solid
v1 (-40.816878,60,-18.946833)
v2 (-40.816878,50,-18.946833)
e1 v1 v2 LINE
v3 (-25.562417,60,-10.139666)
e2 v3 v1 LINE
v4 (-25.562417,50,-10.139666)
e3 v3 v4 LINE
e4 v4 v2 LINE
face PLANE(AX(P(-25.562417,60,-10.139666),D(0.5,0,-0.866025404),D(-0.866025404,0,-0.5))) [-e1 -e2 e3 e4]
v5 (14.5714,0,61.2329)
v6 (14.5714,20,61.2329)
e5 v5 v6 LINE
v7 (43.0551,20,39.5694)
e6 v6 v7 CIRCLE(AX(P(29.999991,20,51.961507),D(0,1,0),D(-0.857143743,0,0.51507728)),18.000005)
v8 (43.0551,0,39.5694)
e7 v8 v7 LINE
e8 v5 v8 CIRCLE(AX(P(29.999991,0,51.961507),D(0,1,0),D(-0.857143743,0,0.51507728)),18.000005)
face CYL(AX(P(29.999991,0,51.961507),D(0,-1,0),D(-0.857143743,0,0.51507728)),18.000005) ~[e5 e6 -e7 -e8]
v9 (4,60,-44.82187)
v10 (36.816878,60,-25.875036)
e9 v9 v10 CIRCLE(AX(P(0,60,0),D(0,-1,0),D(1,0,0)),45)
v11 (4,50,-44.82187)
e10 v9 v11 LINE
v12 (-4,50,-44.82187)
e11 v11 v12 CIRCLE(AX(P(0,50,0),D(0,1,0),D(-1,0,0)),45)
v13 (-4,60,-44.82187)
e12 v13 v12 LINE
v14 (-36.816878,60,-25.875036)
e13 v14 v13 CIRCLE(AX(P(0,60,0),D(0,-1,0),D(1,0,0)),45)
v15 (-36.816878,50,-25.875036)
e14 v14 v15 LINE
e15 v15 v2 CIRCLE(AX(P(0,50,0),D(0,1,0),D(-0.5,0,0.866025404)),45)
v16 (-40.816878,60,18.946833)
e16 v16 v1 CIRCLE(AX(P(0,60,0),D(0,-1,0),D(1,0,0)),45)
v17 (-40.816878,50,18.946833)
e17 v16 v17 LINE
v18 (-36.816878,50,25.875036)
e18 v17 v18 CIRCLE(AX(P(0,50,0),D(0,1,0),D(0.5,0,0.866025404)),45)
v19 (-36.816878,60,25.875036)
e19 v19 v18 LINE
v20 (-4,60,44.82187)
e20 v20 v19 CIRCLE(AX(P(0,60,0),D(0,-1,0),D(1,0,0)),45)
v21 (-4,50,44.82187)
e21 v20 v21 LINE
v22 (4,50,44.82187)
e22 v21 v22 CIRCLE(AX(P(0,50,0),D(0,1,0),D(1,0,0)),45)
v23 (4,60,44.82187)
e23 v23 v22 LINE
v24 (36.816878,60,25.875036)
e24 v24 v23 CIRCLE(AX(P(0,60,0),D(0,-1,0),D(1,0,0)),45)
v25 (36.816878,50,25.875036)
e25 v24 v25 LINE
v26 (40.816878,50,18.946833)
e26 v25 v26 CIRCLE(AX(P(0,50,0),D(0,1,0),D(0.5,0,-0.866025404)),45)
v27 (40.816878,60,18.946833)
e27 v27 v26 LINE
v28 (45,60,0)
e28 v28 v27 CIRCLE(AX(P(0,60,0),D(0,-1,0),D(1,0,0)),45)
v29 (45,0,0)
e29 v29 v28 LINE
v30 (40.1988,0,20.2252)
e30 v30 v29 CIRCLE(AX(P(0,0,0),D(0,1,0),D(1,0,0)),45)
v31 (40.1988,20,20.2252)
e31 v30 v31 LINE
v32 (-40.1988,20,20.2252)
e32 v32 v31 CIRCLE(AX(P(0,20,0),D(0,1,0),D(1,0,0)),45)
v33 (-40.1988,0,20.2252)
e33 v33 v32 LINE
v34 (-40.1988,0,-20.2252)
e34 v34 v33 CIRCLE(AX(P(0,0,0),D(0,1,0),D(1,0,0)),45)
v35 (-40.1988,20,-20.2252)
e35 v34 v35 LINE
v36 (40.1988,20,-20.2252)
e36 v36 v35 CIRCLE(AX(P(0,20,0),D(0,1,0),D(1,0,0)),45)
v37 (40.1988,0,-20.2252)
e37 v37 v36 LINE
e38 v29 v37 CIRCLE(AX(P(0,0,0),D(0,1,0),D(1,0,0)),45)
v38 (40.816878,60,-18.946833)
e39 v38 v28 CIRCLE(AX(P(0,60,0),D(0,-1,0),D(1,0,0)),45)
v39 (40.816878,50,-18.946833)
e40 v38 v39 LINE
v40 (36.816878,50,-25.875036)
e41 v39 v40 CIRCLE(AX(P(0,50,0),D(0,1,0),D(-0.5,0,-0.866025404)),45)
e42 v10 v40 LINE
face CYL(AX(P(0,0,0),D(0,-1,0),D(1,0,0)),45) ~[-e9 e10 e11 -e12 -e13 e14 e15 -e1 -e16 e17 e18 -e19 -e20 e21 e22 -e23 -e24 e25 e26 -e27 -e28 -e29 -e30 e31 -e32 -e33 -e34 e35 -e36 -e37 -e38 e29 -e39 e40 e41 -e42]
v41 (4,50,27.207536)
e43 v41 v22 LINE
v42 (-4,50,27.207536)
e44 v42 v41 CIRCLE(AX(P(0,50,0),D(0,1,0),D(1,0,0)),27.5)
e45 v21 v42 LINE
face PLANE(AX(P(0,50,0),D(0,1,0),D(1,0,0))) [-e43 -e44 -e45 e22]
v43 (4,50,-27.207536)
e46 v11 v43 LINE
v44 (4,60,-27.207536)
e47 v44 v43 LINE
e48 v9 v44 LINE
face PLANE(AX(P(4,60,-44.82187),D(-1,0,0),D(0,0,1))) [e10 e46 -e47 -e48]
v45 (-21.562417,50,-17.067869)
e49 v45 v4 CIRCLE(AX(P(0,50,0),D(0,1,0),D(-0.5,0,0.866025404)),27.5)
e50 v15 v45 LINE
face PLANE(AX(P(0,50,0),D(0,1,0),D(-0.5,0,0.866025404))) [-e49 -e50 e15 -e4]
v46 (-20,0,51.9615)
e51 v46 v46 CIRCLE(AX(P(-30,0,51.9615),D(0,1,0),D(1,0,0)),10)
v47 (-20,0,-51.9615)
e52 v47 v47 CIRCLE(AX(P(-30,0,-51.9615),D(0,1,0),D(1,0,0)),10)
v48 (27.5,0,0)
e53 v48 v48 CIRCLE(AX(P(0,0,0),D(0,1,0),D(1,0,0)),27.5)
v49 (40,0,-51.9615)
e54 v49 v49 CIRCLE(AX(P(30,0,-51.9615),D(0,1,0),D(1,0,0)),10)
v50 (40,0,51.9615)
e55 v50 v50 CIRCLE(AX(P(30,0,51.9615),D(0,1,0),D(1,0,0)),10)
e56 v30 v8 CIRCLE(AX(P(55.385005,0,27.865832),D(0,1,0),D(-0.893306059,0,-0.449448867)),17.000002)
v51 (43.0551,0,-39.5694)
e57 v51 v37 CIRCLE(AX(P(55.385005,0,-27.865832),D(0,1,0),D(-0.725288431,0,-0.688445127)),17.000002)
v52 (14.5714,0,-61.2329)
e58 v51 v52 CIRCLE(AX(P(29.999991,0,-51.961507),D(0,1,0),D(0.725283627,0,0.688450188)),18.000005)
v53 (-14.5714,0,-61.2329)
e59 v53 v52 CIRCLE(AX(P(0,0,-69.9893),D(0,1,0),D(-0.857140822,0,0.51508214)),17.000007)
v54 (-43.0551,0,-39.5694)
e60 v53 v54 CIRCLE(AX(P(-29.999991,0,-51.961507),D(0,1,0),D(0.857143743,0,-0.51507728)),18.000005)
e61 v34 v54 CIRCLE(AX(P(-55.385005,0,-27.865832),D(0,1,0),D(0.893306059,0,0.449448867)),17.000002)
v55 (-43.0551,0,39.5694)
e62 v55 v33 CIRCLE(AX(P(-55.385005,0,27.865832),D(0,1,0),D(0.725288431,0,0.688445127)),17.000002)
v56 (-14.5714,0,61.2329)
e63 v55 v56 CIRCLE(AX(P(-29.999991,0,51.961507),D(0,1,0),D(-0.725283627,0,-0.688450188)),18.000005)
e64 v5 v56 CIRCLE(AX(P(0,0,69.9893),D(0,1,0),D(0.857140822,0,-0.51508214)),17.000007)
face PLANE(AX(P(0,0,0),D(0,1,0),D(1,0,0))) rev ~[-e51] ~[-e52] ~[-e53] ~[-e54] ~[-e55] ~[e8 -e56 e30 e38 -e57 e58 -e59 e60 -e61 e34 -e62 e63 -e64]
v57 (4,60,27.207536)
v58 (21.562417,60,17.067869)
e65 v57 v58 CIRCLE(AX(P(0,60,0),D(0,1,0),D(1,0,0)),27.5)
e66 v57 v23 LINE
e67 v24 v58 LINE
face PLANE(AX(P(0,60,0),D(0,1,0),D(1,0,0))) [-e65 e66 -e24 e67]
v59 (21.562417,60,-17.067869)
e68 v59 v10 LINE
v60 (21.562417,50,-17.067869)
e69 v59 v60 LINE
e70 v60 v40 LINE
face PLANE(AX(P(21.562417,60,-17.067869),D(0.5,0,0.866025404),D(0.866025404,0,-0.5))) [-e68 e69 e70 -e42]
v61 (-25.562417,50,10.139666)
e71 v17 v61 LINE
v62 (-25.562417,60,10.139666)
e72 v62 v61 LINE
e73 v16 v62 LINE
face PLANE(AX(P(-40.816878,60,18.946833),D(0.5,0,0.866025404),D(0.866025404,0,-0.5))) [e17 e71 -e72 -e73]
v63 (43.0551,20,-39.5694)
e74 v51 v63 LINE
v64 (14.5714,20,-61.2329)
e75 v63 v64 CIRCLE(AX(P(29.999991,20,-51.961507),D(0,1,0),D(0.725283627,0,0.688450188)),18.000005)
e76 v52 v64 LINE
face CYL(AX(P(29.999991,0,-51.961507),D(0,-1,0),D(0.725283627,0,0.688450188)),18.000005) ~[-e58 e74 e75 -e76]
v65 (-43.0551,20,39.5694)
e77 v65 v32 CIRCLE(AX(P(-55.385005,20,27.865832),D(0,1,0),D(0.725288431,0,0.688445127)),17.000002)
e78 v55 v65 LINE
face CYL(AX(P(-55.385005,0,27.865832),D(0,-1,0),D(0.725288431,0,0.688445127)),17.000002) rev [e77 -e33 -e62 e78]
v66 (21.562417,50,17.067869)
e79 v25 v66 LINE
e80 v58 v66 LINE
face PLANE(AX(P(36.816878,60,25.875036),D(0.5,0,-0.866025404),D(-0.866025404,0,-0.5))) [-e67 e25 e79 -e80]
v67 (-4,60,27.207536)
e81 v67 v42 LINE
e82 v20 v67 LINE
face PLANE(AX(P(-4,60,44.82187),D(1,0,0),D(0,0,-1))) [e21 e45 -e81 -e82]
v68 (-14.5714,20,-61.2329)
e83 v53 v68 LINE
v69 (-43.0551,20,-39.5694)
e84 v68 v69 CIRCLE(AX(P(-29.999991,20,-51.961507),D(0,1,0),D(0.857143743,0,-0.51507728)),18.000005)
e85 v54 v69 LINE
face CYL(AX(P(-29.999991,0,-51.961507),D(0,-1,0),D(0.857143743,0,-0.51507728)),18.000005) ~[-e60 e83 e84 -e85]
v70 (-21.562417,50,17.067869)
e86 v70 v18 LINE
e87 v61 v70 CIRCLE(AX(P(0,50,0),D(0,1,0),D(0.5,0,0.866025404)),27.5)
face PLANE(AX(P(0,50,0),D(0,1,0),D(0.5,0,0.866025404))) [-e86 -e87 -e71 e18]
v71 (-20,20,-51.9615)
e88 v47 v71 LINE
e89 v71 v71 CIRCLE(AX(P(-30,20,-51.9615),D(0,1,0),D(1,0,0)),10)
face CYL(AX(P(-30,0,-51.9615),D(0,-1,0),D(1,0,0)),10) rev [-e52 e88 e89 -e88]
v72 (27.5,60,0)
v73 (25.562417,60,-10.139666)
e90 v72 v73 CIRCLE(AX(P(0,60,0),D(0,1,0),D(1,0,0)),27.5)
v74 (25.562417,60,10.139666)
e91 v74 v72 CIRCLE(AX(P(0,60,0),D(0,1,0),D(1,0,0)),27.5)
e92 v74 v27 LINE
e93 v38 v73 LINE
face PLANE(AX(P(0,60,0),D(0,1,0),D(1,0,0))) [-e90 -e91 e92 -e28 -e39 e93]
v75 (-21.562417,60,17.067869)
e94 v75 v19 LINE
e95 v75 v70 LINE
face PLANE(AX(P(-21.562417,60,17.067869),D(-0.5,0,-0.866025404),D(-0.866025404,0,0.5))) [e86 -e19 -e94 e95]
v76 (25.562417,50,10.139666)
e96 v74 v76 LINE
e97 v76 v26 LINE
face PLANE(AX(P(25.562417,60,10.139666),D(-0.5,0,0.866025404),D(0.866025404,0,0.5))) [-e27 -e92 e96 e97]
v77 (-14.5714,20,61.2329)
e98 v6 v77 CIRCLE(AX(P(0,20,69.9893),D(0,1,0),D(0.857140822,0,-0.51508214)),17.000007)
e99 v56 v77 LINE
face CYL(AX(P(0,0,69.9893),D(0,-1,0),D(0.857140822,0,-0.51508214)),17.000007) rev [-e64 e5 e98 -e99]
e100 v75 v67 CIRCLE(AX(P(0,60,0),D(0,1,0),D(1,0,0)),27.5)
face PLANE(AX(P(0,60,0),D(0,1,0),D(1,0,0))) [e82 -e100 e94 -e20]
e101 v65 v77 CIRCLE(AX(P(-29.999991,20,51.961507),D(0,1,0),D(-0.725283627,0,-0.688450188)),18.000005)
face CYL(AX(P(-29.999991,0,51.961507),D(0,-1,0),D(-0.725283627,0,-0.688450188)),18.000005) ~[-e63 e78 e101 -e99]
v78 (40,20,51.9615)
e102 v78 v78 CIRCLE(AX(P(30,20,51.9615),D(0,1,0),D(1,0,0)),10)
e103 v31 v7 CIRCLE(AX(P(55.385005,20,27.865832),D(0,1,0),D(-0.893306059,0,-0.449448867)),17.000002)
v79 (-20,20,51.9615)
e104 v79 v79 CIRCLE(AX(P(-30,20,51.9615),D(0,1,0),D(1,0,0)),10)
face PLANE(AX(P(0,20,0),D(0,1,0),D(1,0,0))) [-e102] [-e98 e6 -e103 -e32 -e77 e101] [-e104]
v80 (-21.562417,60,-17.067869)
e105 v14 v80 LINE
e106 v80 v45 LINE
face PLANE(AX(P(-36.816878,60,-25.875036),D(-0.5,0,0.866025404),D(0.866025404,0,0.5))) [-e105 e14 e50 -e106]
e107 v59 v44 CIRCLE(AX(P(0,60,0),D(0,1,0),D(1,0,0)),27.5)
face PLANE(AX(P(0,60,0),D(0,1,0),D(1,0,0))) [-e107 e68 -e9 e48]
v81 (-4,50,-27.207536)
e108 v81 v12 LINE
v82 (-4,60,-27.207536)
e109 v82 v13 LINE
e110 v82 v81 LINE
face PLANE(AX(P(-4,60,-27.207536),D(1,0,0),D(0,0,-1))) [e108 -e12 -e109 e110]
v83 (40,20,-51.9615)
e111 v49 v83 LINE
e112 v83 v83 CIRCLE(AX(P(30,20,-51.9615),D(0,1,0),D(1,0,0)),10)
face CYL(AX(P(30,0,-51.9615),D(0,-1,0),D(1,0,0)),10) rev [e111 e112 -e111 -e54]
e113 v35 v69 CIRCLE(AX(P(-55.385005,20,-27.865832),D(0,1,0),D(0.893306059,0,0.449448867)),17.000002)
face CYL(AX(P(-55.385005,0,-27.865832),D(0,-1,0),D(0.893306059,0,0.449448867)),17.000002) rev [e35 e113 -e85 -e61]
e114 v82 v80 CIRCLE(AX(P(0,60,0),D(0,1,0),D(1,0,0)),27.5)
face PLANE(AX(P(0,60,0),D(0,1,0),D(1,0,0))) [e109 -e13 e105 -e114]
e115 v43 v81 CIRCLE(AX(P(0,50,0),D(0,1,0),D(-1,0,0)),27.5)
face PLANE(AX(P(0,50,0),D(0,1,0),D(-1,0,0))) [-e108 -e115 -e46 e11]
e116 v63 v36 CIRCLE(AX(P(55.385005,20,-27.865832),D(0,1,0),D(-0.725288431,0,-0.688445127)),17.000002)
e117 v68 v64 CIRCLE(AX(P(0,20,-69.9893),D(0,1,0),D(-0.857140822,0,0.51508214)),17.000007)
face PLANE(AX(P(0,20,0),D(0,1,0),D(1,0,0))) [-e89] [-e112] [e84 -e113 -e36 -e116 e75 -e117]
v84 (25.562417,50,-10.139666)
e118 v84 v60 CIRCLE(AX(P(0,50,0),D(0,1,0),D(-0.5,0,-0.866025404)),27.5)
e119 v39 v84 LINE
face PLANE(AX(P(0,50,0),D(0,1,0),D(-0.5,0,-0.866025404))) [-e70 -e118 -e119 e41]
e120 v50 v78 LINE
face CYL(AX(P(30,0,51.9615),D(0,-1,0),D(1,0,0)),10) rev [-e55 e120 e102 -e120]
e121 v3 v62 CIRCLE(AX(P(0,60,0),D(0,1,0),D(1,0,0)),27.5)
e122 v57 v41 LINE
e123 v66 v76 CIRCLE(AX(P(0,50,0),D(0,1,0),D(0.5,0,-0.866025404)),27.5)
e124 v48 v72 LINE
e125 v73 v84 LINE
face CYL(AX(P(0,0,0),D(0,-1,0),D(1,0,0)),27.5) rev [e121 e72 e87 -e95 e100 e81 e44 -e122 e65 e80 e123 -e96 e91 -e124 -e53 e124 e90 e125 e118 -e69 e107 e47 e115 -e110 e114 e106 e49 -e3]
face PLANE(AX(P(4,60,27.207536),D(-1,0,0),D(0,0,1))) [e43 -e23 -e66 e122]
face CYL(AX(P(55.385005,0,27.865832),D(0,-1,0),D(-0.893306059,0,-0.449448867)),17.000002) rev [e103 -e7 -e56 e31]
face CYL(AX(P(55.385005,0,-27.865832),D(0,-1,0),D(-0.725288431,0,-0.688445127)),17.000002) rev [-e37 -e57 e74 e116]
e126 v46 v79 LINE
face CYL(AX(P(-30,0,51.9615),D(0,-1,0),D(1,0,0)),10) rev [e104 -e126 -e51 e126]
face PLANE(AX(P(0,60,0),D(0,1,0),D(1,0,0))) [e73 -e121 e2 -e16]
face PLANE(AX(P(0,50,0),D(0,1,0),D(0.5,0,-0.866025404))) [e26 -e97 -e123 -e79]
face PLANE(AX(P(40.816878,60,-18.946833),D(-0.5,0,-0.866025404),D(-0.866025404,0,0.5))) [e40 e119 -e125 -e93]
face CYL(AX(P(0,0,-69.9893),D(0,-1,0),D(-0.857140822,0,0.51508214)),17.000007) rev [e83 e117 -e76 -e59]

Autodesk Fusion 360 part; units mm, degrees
sketch "Sketch1" plane through (0, 0, 0) normal (0, 1, 0) x (1, 0, 0)
  circle A0 centre (0, 0) radius 27.5
  circle A1 centre (0, 0) radius 45
  line L0 (0, 0) -> (110, 0) construction
  line L1 (0, 0) -> (0, 75) construction
  line L2 (0, 0) -> (-52.945, 91.7035) construction
  line L3 (0, 0) -> (105.89, 0) construction
  circle A2 centre (-30, 51.9615) radius 10
  circle A3 centre (30, 51.9615) radius 10
  arc A4 (-14.5714, 61.2329) -> (14.5714, 61.2329) centre (0, 69.9893) ccw
  arc A5 (-40.1988, 20.2252) -> (-43.0551, 39.5694) centre (-55.385, 27.8658) ccw
  arc A6 (43.0551, 39.5694) -> (40.1988, 20.2252) centre (55.385, 27.8658) ccw
  arc A7 (-14.5714, 61.2329) -> (-43.0551, 39.5694) centre (-30, 51.9615) ccw
  arc A8 (43.0551, 39.5694) -> (14.5714, 61.2329) centre (30, 51.9615) ccw
  arc A9 (-43.0551, -39.5694) -> (-40.1988, -20.2252) centre (-55.385, -27.8658) ccw
  arc A10 (-43.0551, -39.5694) -> (-14.5714, -61.2329) centre (-30, -51.9615) ccw
  arc A11 (14.5714, -61.2329) -> (-14.5714, -61.2329) centre (0, -69.9893) ccw
  arc A12 (14.5714, -61.2329) -> (43.0551, -39.5694) centre (30, -51.9615) ccw
  arc A13 (40.1988, -20.2252) -> (43.0551, -39.5694) centre (55.385, -27.8658) ccw
  circle A14 centre (30, -51.9615) radius 10
  circle A15 centre (-30, -51.9615) radius 10
  dimension "d1" = 55
  dimension "d2" = 90
  dimension "d3" = 120
  dimension "d4" = 20
  dimension "d5" = 36
  dimension "d6" = 60
  dimension "d7" = 17
  dimension "d8" = 17
  dimension "d9" = 17
extrude "Extrude1" add sketch "Sketch1" along normal blind 20 contours A1 A4 A5 A6 A7 A8 | A1 A9 A10 A11 A12 A13 makes body 1 at (39.1578, 13.3333, 22.1736) makes body 2 at (39.1578, 6.6667, -22.1736)
extrude "Extrude2" add sketch "Sketch1" along normal blind 60 contours A1 bodies 1 2
sketch "Sketch2" plane through (0, 60, 0) normal (0, 1, 0) x (-1, 0, 0)
  circle A0 centre (0, 0) radius 27.5
  circle A1 centre (0, 0) radius 45
  line L0 (-4, -22.5) -> (4, -22.5)
  line L1 (4, -22.5) -> (4, -47.5)
  line L2 (4, -47.5) -> (-4, -47.5)
  line L3 (-4, -47.5) -> (-4, -22.5)
  line L4 (-4, -22.5) -> (4, -47.5) construction
  line L5 (4, -22.5) -> (-4, -47.5) construction
  point P0 (0, -35)
  dimension "d14" = 8
  dimension "d15" = 25
extrude "Extrude3" cut sketch "Sketch2" against normal blind 10 contours A0 A1 L1 L3 picked at (-3.1125, -33.1656) bodies 1
pattern_circular "C-Pattern1" count 6 over 360 about axis through (0, 60, 0) along (0, -1, 0) of "Extrude3"
